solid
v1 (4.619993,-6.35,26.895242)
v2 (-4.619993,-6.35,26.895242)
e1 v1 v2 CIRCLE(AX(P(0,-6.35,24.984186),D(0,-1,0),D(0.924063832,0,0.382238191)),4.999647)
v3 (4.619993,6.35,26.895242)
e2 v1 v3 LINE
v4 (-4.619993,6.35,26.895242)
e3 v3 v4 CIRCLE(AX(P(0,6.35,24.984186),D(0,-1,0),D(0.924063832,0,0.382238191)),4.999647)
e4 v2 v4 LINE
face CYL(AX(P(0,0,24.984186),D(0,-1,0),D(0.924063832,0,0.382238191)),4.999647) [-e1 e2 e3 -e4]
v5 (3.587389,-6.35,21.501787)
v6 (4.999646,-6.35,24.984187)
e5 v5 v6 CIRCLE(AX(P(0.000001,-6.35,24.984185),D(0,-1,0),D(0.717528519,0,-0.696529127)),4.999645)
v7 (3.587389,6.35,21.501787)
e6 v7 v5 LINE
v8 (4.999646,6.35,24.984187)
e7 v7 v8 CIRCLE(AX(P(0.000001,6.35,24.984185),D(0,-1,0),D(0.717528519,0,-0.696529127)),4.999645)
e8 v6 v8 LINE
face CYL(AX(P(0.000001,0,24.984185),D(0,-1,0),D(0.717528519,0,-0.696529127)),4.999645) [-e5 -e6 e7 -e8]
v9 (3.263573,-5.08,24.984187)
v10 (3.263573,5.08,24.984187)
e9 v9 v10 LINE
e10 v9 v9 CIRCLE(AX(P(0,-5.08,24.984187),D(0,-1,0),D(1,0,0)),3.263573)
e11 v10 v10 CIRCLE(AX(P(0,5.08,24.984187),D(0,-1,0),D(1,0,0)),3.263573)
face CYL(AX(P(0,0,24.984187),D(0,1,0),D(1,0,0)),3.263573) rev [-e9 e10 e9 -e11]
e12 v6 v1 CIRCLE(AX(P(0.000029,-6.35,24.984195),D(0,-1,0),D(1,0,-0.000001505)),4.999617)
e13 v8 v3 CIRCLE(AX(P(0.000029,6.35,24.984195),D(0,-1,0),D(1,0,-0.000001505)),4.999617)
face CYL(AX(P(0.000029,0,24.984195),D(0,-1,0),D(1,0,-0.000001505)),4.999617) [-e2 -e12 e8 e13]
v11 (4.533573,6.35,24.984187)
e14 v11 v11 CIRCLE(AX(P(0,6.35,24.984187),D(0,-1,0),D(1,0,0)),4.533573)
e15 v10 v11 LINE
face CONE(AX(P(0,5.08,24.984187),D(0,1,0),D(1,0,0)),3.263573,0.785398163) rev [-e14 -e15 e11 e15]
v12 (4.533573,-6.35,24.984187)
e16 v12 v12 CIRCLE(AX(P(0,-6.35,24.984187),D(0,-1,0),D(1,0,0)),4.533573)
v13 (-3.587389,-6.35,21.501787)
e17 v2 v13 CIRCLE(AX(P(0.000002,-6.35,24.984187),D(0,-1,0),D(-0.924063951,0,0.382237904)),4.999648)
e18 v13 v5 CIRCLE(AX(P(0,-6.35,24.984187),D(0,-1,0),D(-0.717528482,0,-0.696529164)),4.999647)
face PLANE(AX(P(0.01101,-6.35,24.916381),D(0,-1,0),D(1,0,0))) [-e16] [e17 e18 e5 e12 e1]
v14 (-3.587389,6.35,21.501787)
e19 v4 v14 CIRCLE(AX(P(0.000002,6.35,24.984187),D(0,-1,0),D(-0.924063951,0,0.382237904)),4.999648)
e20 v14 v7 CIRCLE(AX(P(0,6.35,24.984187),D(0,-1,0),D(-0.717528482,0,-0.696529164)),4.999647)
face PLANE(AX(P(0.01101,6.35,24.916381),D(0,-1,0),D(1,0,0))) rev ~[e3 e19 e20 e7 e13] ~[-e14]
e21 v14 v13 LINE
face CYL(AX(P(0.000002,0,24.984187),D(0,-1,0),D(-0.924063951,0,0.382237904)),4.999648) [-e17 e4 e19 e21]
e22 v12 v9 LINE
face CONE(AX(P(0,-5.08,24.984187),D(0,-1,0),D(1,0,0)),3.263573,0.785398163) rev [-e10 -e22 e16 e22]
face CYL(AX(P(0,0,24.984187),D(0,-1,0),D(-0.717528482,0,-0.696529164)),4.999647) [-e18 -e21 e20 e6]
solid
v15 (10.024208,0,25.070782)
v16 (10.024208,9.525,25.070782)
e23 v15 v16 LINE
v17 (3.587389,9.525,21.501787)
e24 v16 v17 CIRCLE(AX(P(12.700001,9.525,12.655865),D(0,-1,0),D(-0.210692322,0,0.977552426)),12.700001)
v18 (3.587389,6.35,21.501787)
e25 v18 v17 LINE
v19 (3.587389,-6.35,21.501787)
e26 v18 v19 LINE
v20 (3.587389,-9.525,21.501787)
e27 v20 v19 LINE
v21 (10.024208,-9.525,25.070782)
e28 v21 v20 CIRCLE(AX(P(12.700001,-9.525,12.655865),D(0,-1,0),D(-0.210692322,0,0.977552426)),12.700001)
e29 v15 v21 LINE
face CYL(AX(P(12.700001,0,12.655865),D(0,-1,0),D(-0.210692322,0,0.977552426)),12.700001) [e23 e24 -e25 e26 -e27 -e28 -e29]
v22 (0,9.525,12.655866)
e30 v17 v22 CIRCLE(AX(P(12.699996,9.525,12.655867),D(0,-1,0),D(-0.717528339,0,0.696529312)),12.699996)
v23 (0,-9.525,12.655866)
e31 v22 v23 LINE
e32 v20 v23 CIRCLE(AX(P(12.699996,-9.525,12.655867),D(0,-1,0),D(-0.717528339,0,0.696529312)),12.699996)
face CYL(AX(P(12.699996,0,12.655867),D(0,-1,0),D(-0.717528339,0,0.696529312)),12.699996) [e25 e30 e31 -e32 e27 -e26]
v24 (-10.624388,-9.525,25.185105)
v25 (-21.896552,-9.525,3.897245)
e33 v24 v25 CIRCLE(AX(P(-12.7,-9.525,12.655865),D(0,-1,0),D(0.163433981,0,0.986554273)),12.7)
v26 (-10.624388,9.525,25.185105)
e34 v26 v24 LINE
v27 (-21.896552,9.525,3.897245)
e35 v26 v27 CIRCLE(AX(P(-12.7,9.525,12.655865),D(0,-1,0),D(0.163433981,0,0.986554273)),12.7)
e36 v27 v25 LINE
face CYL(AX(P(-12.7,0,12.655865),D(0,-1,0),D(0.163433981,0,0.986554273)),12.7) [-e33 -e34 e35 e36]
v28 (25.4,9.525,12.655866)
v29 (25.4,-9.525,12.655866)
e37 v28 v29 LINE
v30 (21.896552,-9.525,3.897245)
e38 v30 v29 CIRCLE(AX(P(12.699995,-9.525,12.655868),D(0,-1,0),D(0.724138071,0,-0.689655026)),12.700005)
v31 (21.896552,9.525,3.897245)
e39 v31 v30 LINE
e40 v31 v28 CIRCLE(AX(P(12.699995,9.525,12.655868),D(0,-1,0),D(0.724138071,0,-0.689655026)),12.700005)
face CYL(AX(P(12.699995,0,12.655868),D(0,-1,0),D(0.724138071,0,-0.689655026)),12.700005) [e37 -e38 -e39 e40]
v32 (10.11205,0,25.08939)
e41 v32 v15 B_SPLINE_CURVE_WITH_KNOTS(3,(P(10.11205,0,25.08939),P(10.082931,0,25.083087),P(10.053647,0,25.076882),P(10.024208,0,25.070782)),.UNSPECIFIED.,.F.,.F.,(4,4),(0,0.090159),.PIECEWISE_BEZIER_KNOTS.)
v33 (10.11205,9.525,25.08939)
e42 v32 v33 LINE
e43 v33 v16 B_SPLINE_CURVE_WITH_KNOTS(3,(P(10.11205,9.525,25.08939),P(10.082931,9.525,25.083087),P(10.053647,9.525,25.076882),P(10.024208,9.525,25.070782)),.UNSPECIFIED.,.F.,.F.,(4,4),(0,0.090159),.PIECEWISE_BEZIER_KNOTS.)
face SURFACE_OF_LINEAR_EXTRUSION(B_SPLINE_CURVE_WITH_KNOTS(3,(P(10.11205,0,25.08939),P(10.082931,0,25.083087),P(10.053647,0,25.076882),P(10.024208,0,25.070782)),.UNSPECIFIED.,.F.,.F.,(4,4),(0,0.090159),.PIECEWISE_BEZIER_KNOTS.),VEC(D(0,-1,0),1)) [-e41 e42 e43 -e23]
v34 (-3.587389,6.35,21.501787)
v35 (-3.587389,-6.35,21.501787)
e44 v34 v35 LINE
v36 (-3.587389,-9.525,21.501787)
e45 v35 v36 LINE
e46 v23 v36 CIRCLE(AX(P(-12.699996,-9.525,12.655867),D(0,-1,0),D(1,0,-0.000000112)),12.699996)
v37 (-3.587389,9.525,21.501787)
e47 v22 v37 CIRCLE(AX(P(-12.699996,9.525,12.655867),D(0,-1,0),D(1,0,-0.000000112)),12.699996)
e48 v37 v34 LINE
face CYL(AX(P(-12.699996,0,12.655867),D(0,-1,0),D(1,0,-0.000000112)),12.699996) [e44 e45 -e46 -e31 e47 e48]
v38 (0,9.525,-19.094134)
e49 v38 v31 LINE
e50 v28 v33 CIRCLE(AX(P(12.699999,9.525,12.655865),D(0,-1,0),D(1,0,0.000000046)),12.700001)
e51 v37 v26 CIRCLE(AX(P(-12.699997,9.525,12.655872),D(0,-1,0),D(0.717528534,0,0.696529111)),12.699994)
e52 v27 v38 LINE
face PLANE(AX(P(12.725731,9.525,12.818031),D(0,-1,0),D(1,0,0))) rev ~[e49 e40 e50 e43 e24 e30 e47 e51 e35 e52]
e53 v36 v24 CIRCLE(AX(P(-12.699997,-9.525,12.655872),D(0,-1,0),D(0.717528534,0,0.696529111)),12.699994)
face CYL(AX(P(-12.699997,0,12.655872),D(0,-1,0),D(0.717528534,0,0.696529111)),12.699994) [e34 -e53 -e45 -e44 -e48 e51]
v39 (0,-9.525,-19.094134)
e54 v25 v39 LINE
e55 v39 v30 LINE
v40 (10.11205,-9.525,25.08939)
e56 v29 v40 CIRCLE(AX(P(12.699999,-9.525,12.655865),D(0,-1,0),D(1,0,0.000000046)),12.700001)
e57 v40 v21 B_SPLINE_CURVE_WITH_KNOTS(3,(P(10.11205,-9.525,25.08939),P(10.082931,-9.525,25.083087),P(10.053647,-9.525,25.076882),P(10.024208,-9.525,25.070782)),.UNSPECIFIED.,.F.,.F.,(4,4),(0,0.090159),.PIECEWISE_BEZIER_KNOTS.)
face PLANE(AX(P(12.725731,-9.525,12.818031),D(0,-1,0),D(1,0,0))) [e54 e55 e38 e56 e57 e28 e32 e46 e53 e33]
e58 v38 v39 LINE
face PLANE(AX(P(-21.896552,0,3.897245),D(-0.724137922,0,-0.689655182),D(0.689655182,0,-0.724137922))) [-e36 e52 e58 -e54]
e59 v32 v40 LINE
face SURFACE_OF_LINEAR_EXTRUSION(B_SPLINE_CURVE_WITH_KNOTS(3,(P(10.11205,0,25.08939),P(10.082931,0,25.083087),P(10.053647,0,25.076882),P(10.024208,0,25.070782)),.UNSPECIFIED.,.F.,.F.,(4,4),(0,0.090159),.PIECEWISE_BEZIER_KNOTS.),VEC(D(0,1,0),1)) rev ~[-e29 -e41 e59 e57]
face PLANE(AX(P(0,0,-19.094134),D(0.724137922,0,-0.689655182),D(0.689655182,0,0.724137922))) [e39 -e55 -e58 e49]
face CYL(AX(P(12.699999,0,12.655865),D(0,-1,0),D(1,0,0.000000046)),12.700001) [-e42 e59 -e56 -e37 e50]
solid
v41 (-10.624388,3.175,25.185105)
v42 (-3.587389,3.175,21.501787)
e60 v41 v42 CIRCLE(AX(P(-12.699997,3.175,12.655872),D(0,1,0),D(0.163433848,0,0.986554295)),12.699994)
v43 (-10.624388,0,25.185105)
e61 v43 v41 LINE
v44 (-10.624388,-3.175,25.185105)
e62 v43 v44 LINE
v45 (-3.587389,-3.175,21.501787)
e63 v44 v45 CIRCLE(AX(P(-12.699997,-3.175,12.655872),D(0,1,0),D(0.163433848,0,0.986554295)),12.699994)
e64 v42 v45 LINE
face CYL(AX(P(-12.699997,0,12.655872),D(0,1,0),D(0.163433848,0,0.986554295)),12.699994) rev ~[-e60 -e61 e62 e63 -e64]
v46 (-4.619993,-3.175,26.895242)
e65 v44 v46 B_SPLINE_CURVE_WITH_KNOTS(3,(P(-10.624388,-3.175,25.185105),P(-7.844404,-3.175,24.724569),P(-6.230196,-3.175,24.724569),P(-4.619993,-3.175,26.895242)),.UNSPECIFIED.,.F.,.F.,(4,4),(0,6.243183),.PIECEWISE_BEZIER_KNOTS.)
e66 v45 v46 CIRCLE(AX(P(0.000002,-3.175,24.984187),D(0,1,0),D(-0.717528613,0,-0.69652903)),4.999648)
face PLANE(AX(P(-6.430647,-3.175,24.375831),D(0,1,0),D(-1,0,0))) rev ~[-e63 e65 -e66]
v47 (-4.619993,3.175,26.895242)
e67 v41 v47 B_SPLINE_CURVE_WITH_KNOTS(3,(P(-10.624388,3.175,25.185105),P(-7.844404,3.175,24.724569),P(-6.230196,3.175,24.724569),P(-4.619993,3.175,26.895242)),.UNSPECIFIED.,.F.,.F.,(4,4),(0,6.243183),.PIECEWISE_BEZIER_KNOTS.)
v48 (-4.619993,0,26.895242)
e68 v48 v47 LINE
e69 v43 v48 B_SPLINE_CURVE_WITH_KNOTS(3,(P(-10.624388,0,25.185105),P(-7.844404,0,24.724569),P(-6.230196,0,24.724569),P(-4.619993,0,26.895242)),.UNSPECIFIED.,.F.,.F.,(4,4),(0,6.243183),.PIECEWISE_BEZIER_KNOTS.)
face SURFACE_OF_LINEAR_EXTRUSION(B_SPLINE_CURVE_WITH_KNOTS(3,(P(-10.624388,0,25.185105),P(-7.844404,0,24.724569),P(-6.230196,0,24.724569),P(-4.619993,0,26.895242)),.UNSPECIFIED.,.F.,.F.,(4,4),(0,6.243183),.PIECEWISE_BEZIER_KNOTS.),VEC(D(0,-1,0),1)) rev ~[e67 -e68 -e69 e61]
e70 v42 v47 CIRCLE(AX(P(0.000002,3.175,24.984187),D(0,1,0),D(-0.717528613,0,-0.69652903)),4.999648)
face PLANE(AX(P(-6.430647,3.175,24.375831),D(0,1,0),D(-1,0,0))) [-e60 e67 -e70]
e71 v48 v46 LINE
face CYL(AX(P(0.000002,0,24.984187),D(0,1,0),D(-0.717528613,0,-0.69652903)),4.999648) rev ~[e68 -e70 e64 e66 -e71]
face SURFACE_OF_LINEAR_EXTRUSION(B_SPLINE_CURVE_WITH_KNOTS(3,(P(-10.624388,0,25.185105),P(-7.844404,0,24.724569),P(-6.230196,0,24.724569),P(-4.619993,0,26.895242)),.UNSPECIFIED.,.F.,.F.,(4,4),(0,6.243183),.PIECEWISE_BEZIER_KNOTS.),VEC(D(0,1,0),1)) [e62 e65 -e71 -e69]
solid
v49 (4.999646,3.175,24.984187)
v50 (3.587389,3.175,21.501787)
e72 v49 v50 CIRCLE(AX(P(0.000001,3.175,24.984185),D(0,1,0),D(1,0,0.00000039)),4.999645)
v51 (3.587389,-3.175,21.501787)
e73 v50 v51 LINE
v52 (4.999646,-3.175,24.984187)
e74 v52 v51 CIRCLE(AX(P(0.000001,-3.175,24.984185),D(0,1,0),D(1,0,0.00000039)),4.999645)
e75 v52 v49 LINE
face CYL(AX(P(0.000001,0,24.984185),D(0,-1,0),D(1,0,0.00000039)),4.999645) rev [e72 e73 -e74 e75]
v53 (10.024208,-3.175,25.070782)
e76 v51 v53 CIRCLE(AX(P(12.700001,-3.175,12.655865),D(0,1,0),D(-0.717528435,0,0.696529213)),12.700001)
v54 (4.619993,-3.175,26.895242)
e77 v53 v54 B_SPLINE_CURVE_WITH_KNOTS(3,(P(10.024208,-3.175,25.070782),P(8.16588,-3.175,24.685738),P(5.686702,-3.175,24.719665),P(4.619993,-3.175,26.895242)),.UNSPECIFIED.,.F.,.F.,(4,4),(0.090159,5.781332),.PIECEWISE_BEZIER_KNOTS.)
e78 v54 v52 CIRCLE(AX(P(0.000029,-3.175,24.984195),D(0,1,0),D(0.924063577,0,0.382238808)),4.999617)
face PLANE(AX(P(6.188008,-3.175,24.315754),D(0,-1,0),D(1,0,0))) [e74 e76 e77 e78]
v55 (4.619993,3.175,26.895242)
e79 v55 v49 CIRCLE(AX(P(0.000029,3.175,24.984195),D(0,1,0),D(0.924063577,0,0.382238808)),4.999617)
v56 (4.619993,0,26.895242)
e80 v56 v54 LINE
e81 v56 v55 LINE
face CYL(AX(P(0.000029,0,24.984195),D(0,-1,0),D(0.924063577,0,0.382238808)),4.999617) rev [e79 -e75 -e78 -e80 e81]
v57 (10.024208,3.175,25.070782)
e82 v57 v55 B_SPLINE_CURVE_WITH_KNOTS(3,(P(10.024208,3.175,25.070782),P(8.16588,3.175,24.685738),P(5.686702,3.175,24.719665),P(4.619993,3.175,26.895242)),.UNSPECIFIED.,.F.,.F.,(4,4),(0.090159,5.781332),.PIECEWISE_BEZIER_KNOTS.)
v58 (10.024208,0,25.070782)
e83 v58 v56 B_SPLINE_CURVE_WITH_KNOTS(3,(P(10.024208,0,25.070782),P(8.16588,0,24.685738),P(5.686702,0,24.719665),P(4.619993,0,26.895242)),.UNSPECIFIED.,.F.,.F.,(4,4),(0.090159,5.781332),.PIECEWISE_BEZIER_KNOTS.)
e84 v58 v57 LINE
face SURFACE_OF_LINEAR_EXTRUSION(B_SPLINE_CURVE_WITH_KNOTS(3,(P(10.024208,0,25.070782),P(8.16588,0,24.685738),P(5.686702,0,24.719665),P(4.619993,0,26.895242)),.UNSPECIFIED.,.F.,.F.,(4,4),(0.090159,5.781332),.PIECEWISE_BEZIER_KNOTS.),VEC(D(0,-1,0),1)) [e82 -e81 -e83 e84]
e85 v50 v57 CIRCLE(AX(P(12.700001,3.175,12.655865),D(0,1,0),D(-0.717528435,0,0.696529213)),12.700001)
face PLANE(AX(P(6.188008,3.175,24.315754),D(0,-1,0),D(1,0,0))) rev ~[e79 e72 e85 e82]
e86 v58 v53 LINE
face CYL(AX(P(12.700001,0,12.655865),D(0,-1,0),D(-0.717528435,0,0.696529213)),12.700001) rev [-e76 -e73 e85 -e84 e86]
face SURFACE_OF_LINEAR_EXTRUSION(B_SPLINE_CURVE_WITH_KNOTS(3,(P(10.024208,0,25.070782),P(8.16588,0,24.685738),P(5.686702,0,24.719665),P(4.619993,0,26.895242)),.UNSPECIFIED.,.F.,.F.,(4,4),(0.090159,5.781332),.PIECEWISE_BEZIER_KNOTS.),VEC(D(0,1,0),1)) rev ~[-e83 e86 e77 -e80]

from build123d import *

# Parameters (mm, degrees)
F1_DEPTH = 9.525
F0_R     = 3.263573
F2_DEPTH = 6.35
F3_DEPTH = 3.175
F4_SIZE  = 1.27


with BuildPart() as f1:
    # F0 (on Front) → F1 (new body, symmetric)
    with BuildSketch(Plane.XZ):
        with BuildLine():
            ThreePointArc((3.587389, 21.501787), (0.930969, 17.428697), (0, 12.655866))
            ThreePointArc((0, 12.655866), (7.983338, 0.864212), (21.896552, 3.897245))
            ThreePointArc((21.896552, 3.897245), (24.491654, 7.939205), (25.4, 12.655866))
            ThreePointArc((25.4, 12.655866), (20.713209, 22.508707), (10.11205, 25.08939))
            add(Edge.make_bspline(
                [(10.11205, 25.08939), (10.082931, 25.083087), (10.053647, 25.076882), (10.024208, 25.070782)],
                knots=[0, 0, 0, 0, 0.090159, 0.090159, 0.090159, 0.090159], degree=3))
            ThreePointArc((10.024208, 25.070782), (6.541588, 23.762799), (3.587389, 21.501787))
        make_face()
        with BuildLine():
            ThreePointArc((-3.587389, 21.501787), (-6.810536, 23.90772), (-10.624388, 25.185105))
            ThreePointArc((-10.624388, 25.185105), (-23.923644, 18.598913), (-21.896552, 3.897245))
            ThreePointArc((-21.896552, 3.897245), (-7.983338, 0.864212), (0, 12.655866))
            ThreePointArc((0, 12.655866), (-0.930969, 17.428697), (-3.587389, 21.501787))
        make_face()
        with BuildLine():
            ThreePointArc((0, 12.655866), (-7.983338, 0.864212), (-21.896552, 3.897245))
            Line((-21.896552, 3.897245), (0, -19.094134))
            Line((0, -19.094134), (21.896552, 3.897245))
            ThreePointArc((21.896552, 3.897245), (7.983338, 0.864212), (0, 12.655866))
        make_face()
    extrude(amount=F1_DEPTH, both=True)

    # F0 (on Front) → F2 (join, symmetric)
    with BuildSketch(Plane.XZ):
        with BuildLine():
            ThreePointArc((-4.619993, 26.895242), (-4.91046, 24.044055), (-3.587389, 21.501787))
            ThreePointArc((-3.587389, 21.501787), (0, 19.98454), (3.587389, 21.501787))
            ThreePointArc((3.587389, 21.501787), (4.633149, 23.105252), (4.999646, 24.984187))
            ThreePointArc((4.999646, 24.984187), (4.903815, 25.958388), (4.619993, 26.895242))
            ThreePointArc((4.619993, 26.895242), (0, 29.983833), (-4.619993, 26.895242))
        make_face()
        with Locations((0, 24.984187)):
            Circle(F0_R, mode=Mode.SUBTRACT)
    extrude(amount=F2_DEPTH, both=True)

    # F4
    f4_edges = [f1.edges().sort_by_distance(p)[0] for p in [
        (-3.263573, -6.35, 24.984187),
        (-3.263573, 6.35, 24.984187),
    ]]
    chamfer(f4_edges, length=F4_SIZE)


with BuildPart() as f3:
    # F0 (on Front) → F3 (new body, symmetric)
    with BuildSketch(Plane.XZ):
        with BuildLine():
            add(Edge.make_bspline(
                [(-10.624388, 25.185105), (-7.844404, 24.724569), (-6.230196, 24.724569), (-4.619993, 26.895242)],
                knots=[0, 0, 0, 0, 6.243183, 6.243183, 6.243183, 6.243183], degree=3))
            ThreePointArc((-10.624388, 25.185105), (-6.810536, 23.90772), (-3.587389, 21.501787))
            ThreePointArc((-3.587389, 21.501787), (-4.91046, 24.044055), (-4.619993, 26.895242))
        make_face()
        with BuildLine():
            ThreePointArc((4.999646, 24.984187), (4.633149, 23.105252), (3.587389, 21.501787))
            ThreePointArc((3.587389, 21.501787), (6.541588, 23.762799), (10.024208, 25.070782))
            add(Edge.make_bspline(
                [(10.024208, 25.070782), (8.16588, 24.685738), (5.686702, 24.719665), (4.619993, 26.895242)],
                knots=[0.090159, 0.090159, 0.090159, 0.090159, 5.781332, 5.781332, 5.781332, 5.781332], degree=3))
            ThreePointArc((4.619993, 26.895242), (4.903815, 25.958388), (4.999646, 24.984187))
        make_face()
    extrude(amount=F3_DEPTH, both=True)


solid = Compound([f1.part, f3.part])
